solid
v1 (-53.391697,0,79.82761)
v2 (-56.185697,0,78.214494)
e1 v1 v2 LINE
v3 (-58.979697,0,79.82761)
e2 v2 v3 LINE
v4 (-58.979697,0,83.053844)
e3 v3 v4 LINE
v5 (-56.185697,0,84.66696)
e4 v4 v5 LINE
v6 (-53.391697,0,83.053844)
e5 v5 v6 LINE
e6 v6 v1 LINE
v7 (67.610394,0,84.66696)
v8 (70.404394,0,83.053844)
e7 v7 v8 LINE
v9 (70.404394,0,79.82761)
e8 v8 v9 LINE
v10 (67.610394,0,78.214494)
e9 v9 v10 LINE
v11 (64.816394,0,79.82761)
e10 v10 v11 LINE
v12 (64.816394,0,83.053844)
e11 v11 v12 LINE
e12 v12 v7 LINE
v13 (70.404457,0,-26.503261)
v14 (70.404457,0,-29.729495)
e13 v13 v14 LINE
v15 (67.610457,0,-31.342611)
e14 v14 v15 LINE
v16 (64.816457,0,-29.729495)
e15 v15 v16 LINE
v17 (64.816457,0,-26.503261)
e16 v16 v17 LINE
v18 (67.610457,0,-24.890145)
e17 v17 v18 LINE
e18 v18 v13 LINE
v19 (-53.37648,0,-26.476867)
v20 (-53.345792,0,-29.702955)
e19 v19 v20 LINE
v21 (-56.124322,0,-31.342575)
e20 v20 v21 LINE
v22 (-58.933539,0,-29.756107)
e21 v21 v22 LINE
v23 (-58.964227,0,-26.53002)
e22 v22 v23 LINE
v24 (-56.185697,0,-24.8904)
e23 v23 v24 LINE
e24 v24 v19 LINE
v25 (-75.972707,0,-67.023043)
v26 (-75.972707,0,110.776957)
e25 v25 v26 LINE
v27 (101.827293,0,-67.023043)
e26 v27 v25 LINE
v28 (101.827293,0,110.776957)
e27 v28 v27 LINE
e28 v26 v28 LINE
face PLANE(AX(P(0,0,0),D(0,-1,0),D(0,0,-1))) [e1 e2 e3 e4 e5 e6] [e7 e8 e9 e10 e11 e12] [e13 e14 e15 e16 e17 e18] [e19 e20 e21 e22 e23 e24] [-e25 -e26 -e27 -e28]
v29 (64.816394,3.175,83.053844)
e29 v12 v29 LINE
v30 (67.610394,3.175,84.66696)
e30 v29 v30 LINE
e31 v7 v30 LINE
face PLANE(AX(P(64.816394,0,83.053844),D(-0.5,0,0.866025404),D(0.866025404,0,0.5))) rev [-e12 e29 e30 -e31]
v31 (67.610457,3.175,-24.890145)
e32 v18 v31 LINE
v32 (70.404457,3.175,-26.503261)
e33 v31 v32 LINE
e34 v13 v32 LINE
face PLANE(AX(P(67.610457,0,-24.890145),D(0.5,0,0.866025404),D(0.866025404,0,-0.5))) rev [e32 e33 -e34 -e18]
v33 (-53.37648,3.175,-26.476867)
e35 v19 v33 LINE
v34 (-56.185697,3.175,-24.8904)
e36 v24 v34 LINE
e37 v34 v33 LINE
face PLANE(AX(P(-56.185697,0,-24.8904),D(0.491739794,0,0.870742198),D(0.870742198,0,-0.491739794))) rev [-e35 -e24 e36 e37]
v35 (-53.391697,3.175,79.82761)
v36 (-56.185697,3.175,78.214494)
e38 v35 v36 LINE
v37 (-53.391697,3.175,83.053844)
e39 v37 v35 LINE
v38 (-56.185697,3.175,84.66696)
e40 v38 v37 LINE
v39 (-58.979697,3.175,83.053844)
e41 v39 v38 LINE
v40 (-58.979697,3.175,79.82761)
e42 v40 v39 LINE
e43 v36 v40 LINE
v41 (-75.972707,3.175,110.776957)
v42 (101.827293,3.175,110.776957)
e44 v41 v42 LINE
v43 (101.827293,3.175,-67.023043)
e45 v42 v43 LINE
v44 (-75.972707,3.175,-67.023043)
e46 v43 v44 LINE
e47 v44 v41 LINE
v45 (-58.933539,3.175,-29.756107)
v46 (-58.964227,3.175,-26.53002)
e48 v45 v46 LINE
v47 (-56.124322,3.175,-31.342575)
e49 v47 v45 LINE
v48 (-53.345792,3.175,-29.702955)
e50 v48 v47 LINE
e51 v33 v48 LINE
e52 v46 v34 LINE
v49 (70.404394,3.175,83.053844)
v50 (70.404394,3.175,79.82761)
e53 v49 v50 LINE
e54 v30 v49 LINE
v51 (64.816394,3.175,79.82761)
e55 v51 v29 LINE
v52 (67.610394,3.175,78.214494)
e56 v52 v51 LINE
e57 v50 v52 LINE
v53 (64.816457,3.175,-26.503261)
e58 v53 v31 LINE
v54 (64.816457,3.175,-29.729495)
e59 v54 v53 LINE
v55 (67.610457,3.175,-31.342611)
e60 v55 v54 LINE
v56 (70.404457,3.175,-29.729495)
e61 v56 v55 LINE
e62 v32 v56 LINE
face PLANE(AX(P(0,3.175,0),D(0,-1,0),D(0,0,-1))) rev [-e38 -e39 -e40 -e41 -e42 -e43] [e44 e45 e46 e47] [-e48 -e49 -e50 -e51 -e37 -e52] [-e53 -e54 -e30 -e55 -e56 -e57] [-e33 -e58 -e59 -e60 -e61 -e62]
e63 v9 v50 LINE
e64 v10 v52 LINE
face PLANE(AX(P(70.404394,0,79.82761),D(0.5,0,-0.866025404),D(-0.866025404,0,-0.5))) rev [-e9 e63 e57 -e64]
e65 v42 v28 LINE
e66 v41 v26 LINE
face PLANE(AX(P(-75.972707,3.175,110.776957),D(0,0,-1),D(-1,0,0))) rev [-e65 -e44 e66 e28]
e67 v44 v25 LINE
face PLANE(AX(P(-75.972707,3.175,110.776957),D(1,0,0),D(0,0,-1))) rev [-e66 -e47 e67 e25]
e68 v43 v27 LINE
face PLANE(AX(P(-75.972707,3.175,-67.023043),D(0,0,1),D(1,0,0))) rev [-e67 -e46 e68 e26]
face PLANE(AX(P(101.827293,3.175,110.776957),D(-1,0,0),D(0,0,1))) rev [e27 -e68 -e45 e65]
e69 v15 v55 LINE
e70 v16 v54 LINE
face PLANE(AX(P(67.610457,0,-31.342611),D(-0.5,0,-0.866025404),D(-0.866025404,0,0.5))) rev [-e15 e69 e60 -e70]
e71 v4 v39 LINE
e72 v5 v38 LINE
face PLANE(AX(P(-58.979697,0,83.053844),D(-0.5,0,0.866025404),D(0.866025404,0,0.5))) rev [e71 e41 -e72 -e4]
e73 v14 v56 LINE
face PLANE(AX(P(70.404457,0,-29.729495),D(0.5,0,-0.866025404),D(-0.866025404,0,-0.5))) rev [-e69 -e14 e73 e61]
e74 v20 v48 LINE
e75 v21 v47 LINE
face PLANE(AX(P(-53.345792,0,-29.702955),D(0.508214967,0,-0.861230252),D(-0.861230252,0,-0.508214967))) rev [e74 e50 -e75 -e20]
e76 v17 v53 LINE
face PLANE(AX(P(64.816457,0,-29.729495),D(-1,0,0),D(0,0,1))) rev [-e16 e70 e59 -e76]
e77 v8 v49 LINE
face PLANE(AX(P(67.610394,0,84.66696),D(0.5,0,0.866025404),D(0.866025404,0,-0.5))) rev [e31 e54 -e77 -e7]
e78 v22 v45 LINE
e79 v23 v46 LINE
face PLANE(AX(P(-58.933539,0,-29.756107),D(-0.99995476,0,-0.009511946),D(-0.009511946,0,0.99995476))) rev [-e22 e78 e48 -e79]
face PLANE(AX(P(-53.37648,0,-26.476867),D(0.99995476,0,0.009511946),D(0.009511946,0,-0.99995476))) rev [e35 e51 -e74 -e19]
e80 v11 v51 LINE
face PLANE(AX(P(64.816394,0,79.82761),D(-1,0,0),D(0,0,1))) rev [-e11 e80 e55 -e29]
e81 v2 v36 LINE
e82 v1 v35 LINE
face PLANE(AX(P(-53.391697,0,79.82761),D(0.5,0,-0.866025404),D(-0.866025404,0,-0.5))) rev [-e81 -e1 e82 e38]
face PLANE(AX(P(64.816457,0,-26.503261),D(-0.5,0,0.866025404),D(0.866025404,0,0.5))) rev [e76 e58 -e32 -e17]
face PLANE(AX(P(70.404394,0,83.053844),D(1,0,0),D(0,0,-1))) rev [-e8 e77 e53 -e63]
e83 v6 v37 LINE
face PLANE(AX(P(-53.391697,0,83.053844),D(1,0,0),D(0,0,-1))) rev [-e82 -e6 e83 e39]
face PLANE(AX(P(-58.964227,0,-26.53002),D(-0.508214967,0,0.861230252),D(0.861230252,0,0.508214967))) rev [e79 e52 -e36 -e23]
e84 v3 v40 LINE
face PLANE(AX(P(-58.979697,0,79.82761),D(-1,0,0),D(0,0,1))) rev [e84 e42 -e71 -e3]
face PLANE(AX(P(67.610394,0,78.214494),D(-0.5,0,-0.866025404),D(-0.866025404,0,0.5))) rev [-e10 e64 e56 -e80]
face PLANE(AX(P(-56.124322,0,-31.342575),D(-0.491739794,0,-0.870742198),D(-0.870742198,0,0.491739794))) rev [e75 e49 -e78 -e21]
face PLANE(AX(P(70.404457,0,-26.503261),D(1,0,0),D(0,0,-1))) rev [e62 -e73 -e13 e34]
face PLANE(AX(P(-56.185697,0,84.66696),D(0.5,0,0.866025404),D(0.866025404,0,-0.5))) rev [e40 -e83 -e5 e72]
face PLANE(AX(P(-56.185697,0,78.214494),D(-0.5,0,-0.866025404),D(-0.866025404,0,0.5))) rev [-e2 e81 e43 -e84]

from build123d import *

# Parameters (mm, degrees)
SKETCH1_W           = 177.8
SKETCH1_H           = 177.8
BOSS_EXTRUDE1_DEPTH = 3.175
CUT_EXTRUDE1_DEPTH  = 3.175


with BuildPart() as part:
    # Sketch1 → Boss-Extrude1 (new body)
    with BuildSketch(Plane(origin=(0, 0, 0), x_dir=(1, 0, 0), z_dir=(0, 1, 0))):
        with Locations((12.927293065, -21.876957494)):
            Rectangle(SKETCH1_W, SKETCH1_H)
    extrude(amount=BOSS_EXTRUDE1_DEPTH)

    # Sketch2 → Cut-Extrude1 (cut)
    with BuildSketch(Plane(origin=(0, 3.175, 0), x_dir=(1, 0, 0), z_dir=(0, 1, 0))):
        Polygon((-58.933539099, 29.756107449), (-58.964226854, 26.530020098), (-56.185697131, 24.890400047), (-53.376479653, 26.476867346), (-53.345791898, 29.702954697), (-56.12432162, 31.342574748), align=None)
        Polygon((67.610456963, 31.342611237), (64.816456963, 29.729494584), (64.816456963, 26.50326128), (67.610456963, 24.890144628), (70.404456963, 26.50326128), (70.404456963, 29.729494584), align=None)
        Polygon((-56.185697131, -78.214493702), (-58.979697131, -79.827610354), (-58.979697131, -83.053843659), (-56.185697131, -84.666960311), (-53.391697131, -83.053843659), (-53.391697131, -79.827610354), align=None)
        Polygon((67.610393763, -78.214493702), (64.816393763, -79.827610354), (64.816393763, -83.053843659), (67.610393763, -84.666960311), (70.404393763, -83.053843659), (70.404393763, -79.827610354), align=None)
    extrude(amount=-CUT_EXTRUDE1_DEPTH, mode=Mode.SUBTRACT)


solid = part.part
